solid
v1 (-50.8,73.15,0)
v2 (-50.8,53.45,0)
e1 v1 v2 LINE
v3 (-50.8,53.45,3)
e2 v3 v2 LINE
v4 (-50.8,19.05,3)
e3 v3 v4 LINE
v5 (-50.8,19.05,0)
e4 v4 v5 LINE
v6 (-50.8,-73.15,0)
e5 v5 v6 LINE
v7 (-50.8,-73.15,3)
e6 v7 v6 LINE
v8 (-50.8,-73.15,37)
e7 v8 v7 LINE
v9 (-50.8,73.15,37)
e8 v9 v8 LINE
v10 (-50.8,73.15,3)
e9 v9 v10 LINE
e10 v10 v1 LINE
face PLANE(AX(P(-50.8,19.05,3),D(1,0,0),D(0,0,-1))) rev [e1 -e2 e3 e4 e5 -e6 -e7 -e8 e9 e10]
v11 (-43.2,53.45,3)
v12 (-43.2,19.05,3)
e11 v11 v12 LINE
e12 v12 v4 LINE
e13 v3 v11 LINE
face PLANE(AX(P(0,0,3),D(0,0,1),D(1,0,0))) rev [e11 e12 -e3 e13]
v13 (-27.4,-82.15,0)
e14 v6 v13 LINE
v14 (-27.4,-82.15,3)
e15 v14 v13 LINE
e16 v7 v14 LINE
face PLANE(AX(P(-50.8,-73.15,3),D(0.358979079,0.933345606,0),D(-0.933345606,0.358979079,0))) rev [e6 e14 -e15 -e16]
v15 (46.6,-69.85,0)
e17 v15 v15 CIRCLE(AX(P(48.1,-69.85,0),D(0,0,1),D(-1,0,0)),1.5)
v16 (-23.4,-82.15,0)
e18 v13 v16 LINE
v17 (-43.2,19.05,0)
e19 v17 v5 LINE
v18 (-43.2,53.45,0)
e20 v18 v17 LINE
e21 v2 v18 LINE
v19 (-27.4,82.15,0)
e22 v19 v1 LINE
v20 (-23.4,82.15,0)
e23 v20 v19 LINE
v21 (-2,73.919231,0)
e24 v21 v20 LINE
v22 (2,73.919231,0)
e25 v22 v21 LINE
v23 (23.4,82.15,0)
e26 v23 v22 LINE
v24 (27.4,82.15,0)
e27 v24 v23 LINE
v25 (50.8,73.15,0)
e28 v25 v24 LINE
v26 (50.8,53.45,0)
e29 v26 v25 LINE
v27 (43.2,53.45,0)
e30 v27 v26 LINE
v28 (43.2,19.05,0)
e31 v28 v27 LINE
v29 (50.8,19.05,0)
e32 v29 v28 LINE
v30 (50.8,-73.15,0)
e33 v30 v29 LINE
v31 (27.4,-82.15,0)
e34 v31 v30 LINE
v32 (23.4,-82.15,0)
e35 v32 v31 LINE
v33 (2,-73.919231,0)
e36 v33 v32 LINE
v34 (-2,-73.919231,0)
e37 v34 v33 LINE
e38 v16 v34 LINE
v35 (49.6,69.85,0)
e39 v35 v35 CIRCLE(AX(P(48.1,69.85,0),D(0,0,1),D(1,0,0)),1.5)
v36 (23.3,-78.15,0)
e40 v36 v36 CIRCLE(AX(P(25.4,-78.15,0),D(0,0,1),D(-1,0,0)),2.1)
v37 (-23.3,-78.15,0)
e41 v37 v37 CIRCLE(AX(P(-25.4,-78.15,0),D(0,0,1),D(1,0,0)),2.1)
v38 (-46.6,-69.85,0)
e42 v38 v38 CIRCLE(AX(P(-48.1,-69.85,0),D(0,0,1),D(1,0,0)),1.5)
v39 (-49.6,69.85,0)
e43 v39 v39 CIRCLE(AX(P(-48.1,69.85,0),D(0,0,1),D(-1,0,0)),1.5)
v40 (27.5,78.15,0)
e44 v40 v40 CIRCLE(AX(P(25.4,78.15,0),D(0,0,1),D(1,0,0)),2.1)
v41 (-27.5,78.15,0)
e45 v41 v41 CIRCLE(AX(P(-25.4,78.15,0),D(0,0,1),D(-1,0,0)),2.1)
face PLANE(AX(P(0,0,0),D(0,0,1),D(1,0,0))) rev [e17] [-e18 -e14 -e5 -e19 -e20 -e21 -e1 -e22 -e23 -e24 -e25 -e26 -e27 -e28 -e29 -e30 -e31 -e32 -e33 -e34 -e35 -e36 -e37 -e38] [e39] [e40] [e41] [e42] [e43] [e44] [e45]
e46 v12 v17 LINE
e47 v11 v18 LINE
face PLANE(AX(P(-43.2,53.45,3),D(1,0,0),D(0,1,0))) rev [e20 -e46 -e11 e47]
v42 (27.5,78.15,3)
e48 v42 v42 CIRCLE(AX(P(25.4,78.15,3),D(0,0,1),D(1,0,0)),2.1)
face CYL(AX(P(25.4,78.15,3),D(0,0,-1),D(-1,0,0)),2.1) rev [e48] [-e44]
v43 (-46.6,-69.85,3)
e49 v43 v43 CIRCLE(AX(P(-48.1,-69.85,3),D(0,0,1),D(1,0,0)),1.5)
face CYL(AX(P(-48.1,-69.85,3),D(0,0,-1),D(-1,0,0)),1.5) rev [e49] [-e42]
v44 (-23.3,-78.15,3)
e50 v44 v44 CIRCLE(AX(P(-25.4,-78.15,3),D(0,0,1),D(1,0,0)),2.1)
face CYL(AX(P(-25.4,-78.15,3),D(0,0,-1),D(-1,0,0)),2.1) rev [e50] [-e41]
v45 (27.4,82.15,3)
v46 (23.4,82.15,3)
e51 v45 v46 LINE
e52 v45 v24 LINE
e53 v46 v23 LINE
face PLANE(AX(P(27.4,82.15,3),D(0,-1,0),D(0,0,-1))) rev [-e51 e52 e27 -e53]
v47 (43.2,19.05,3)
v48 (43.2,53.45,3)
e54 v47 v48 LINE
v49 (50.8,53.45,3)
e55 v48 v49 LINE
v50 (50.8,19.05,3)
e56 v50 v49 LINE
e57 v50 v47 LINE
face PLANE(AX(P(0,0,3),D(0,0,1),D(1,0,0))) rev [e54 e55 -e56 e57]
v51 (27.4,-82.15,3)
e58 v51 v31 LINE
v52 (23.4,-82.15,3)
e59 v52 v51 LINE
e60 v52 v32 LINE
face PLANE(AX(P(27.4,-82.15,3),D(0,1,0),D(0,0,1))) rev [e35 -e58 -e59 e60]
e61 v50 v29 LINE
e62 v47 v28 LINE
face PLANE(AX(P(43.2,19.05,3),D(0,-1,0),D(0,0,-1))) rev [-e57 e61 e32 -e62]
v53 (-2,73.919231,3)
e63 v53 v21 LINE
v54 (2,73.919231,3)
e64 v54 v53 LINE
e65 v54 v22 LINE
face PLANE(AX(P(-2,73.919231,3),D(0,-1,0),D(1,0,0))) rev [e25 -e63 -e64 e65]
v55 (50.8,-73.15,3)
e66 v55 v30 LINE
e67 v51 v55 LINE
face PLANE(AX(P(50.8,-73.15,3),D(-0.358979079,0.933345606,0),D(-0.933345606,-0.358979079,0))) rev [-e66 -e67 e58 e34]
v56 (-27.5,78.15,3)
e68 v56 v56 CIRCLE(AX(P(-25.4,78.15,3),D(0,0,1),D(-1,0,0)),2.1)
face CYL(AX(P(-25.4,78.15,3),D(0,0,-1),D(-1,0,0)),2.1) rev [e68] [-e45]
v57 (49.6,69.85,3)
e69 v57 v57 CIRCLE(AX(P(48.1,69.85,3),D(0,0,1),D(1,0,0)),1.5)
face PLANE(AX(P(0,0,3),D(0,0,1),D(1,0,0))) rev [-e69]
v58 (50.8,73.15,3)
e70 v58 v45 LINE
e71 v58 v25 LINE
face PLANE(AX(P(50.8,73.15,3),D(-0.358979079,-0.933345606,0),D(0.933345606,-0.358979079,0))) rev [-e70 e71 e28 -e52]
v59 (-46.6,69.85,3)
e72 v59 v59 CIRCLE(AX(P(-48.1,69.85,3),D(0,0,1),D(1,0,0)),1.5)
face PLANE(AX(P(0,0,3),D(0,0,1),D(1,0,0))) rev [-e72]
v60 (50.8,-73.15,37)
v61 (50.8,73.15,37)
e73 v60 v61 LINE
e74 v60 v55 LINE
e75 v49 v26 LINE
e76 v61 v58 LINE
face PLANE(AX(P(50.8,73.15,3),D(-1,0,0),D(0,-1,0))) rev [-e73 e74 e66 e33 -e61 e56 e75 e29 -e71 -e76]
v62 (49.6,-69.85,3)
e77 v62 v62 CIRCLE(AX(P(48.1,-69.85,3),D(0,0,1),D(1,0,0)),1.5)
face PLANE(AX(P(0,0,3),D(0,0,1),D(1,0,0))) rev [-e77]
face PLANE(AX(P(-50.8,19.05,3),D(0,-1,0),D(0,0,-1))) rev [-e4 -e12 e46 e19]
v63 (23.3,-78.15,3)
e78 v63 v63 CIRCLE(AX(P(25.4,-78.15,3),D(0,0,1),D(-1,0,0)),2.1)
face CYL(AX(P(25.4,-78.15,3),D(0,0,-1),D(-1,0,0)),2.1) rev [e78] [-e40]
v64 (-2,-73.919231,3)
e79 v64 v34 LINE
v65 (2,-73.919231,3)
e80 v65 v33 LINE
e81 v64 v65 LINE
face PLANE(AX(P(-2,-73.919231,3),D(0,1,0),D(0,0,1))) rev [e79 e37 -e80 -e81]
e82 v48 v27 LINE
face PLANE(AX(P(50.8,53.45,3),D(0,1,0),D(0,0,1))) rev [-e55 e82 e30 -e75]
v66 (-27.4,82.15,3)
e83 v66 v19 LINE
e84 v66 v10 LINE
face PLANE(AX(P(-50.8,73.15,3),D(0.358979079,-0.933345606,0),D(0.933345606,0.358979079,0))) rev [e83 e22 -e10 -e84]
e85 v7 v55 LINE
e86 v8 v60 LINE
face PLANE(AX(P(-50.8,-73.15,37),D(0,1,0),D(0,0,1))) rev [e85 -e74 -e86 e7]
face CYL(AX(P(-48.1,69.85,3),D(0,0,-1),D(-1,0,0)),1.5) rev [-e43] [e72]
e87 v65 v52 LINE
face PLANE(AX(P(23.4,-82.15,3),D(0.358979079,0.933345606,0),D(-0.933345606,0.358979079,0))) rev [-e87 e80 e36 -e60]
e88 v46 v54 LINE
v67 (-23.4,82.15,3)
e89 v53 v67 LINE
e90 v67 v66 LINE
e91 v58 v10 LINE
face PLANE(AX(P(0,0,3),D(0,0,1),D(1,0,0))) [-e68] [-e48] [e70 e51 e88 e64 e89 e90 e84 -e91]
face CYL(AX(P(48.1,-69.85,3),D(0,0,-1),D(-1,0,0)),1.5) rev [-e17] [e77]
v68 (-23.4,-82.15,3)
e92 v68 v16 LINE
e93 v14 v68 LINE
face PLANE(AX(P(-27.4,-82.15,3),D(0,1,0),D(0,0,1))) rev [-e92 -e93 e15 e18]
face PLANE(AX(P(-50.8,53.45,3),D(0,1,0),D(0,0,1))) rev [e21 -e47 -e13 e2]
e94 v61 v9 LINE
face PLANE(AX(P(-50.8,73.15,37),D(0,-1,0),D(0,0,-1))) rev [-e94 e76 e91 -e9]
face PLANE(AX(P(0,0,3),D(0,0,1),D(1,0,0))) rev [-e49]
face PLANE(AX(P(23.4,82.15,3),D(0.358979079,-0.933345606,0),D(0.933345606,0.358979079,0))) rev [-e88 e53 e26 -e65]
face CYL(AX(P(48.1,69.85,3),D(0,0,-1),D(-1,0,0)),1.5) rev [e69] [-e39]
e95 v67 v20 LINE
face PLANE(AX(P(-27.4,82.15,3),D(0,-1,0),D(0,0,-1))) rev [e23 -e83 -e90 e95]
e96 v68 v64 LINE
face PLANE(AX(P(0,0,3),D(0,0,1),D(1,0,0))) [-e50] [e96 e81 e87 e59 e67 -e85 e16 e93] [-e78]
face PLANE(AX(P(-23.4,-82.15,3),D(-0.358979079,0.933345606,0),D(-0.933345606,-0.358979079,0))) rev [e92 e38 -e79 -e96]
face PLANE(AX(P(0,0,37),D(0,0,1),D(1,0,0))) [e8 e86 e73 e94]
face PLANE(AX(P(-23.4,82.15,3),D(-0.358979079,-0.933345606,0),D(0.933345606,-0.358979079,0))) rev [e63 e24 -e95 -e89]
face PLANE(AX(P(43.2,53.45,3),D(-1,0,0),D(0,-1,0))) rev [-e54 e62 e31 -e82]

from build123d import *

# Parameters (mm, degrees)
ESQUISSE1_R        = 2.1
ESQUISSE1_R_2      = 1.5
BOSS_EXTRU_1_DEPTH = 3
ESQUISSE2_W        = 101.6
ESQUISSE2_H        = 146.3
BOSS_EXTRU_2_DEPTH = 34


with BuildPart() as part:
    # Esquisse1 → Boss.-Extru.1 (new body)
    with BuildSketch(Plane.XY):
        Polygon((-50.8, 73.15), (-27.4, 82.15), (-23.4, 82.15), (-2, 73.919230769), (2, 73.919230769), (23.4, 82.15), (27.4, 82.15), (50.8, 73.15), (50.8, 53.45), (43.2, 53.45), (43.2, 19.05), (50.8, 19.05), (50.8, -73.15), (27.4, -82.15), (23.4, -82.15), (2, -73.919230769), (-2, -73.919230769), (-23.4, -82.15), (-27.4, -82.15), (-50.8, -73.15), (-50.8, 19.05), (-43.2, 19.05), (-43.2, 53.45), (-50.8, 53.45), align=None)
        with Locations((-25.4, -78.15)):
            Circle(ESQUISSE1_R, mode=Mode.SUBTRACT)
        with Locations(Location((25.4, -78.15, 0), (0, 0, 180))):
            Circle(ESQUISSE1_R, mode=Mode.SUBTRACT)
        with Locations(Location((-25.4, 78.15, 0), (0, 0, 180))):
            Circle(ESQUISSE1_R, mode=Mode.SUBTRACT)
        with Locations((25.4, 78.15)):
            Circle(ESQUISSE1_R, mode=Mode.SUBTRACT)
        with Locations((-48.1, -69.85)):
            Circle(ESQUISSE1_R_2, mode=Mode.SUBTRACT)
        with Locations(Location((48.1, -69.85, 0), (0, 0, 180))):
            Circle(ESQUISSE1_R_2, mode=Mode.SUBTRACT)
        with Locations(Location((-48.1, 69.85, 0), (0, 0, 180))):
            Circle(ESQUISSE1_R_2, mode=Mode.SUBTRACT)
        with Locations((48.1, 69.85)):
            Circle(ESQUISSE1_R_2, mode=Mode.SUBTRACT)
    extrude(amount=BOSS_EXTRU_1_DEPTH)

    # Esquisse2 → Boss.-Extru.2 (add)
    with BuildSketch(Plane.XY.offset(3)):
        Rectangle(ESQUISSE2_W, ESQUISSE2_H)
    extrude(amount=BOSS_EXTRU_2_DEPTH)


solid = part.part
